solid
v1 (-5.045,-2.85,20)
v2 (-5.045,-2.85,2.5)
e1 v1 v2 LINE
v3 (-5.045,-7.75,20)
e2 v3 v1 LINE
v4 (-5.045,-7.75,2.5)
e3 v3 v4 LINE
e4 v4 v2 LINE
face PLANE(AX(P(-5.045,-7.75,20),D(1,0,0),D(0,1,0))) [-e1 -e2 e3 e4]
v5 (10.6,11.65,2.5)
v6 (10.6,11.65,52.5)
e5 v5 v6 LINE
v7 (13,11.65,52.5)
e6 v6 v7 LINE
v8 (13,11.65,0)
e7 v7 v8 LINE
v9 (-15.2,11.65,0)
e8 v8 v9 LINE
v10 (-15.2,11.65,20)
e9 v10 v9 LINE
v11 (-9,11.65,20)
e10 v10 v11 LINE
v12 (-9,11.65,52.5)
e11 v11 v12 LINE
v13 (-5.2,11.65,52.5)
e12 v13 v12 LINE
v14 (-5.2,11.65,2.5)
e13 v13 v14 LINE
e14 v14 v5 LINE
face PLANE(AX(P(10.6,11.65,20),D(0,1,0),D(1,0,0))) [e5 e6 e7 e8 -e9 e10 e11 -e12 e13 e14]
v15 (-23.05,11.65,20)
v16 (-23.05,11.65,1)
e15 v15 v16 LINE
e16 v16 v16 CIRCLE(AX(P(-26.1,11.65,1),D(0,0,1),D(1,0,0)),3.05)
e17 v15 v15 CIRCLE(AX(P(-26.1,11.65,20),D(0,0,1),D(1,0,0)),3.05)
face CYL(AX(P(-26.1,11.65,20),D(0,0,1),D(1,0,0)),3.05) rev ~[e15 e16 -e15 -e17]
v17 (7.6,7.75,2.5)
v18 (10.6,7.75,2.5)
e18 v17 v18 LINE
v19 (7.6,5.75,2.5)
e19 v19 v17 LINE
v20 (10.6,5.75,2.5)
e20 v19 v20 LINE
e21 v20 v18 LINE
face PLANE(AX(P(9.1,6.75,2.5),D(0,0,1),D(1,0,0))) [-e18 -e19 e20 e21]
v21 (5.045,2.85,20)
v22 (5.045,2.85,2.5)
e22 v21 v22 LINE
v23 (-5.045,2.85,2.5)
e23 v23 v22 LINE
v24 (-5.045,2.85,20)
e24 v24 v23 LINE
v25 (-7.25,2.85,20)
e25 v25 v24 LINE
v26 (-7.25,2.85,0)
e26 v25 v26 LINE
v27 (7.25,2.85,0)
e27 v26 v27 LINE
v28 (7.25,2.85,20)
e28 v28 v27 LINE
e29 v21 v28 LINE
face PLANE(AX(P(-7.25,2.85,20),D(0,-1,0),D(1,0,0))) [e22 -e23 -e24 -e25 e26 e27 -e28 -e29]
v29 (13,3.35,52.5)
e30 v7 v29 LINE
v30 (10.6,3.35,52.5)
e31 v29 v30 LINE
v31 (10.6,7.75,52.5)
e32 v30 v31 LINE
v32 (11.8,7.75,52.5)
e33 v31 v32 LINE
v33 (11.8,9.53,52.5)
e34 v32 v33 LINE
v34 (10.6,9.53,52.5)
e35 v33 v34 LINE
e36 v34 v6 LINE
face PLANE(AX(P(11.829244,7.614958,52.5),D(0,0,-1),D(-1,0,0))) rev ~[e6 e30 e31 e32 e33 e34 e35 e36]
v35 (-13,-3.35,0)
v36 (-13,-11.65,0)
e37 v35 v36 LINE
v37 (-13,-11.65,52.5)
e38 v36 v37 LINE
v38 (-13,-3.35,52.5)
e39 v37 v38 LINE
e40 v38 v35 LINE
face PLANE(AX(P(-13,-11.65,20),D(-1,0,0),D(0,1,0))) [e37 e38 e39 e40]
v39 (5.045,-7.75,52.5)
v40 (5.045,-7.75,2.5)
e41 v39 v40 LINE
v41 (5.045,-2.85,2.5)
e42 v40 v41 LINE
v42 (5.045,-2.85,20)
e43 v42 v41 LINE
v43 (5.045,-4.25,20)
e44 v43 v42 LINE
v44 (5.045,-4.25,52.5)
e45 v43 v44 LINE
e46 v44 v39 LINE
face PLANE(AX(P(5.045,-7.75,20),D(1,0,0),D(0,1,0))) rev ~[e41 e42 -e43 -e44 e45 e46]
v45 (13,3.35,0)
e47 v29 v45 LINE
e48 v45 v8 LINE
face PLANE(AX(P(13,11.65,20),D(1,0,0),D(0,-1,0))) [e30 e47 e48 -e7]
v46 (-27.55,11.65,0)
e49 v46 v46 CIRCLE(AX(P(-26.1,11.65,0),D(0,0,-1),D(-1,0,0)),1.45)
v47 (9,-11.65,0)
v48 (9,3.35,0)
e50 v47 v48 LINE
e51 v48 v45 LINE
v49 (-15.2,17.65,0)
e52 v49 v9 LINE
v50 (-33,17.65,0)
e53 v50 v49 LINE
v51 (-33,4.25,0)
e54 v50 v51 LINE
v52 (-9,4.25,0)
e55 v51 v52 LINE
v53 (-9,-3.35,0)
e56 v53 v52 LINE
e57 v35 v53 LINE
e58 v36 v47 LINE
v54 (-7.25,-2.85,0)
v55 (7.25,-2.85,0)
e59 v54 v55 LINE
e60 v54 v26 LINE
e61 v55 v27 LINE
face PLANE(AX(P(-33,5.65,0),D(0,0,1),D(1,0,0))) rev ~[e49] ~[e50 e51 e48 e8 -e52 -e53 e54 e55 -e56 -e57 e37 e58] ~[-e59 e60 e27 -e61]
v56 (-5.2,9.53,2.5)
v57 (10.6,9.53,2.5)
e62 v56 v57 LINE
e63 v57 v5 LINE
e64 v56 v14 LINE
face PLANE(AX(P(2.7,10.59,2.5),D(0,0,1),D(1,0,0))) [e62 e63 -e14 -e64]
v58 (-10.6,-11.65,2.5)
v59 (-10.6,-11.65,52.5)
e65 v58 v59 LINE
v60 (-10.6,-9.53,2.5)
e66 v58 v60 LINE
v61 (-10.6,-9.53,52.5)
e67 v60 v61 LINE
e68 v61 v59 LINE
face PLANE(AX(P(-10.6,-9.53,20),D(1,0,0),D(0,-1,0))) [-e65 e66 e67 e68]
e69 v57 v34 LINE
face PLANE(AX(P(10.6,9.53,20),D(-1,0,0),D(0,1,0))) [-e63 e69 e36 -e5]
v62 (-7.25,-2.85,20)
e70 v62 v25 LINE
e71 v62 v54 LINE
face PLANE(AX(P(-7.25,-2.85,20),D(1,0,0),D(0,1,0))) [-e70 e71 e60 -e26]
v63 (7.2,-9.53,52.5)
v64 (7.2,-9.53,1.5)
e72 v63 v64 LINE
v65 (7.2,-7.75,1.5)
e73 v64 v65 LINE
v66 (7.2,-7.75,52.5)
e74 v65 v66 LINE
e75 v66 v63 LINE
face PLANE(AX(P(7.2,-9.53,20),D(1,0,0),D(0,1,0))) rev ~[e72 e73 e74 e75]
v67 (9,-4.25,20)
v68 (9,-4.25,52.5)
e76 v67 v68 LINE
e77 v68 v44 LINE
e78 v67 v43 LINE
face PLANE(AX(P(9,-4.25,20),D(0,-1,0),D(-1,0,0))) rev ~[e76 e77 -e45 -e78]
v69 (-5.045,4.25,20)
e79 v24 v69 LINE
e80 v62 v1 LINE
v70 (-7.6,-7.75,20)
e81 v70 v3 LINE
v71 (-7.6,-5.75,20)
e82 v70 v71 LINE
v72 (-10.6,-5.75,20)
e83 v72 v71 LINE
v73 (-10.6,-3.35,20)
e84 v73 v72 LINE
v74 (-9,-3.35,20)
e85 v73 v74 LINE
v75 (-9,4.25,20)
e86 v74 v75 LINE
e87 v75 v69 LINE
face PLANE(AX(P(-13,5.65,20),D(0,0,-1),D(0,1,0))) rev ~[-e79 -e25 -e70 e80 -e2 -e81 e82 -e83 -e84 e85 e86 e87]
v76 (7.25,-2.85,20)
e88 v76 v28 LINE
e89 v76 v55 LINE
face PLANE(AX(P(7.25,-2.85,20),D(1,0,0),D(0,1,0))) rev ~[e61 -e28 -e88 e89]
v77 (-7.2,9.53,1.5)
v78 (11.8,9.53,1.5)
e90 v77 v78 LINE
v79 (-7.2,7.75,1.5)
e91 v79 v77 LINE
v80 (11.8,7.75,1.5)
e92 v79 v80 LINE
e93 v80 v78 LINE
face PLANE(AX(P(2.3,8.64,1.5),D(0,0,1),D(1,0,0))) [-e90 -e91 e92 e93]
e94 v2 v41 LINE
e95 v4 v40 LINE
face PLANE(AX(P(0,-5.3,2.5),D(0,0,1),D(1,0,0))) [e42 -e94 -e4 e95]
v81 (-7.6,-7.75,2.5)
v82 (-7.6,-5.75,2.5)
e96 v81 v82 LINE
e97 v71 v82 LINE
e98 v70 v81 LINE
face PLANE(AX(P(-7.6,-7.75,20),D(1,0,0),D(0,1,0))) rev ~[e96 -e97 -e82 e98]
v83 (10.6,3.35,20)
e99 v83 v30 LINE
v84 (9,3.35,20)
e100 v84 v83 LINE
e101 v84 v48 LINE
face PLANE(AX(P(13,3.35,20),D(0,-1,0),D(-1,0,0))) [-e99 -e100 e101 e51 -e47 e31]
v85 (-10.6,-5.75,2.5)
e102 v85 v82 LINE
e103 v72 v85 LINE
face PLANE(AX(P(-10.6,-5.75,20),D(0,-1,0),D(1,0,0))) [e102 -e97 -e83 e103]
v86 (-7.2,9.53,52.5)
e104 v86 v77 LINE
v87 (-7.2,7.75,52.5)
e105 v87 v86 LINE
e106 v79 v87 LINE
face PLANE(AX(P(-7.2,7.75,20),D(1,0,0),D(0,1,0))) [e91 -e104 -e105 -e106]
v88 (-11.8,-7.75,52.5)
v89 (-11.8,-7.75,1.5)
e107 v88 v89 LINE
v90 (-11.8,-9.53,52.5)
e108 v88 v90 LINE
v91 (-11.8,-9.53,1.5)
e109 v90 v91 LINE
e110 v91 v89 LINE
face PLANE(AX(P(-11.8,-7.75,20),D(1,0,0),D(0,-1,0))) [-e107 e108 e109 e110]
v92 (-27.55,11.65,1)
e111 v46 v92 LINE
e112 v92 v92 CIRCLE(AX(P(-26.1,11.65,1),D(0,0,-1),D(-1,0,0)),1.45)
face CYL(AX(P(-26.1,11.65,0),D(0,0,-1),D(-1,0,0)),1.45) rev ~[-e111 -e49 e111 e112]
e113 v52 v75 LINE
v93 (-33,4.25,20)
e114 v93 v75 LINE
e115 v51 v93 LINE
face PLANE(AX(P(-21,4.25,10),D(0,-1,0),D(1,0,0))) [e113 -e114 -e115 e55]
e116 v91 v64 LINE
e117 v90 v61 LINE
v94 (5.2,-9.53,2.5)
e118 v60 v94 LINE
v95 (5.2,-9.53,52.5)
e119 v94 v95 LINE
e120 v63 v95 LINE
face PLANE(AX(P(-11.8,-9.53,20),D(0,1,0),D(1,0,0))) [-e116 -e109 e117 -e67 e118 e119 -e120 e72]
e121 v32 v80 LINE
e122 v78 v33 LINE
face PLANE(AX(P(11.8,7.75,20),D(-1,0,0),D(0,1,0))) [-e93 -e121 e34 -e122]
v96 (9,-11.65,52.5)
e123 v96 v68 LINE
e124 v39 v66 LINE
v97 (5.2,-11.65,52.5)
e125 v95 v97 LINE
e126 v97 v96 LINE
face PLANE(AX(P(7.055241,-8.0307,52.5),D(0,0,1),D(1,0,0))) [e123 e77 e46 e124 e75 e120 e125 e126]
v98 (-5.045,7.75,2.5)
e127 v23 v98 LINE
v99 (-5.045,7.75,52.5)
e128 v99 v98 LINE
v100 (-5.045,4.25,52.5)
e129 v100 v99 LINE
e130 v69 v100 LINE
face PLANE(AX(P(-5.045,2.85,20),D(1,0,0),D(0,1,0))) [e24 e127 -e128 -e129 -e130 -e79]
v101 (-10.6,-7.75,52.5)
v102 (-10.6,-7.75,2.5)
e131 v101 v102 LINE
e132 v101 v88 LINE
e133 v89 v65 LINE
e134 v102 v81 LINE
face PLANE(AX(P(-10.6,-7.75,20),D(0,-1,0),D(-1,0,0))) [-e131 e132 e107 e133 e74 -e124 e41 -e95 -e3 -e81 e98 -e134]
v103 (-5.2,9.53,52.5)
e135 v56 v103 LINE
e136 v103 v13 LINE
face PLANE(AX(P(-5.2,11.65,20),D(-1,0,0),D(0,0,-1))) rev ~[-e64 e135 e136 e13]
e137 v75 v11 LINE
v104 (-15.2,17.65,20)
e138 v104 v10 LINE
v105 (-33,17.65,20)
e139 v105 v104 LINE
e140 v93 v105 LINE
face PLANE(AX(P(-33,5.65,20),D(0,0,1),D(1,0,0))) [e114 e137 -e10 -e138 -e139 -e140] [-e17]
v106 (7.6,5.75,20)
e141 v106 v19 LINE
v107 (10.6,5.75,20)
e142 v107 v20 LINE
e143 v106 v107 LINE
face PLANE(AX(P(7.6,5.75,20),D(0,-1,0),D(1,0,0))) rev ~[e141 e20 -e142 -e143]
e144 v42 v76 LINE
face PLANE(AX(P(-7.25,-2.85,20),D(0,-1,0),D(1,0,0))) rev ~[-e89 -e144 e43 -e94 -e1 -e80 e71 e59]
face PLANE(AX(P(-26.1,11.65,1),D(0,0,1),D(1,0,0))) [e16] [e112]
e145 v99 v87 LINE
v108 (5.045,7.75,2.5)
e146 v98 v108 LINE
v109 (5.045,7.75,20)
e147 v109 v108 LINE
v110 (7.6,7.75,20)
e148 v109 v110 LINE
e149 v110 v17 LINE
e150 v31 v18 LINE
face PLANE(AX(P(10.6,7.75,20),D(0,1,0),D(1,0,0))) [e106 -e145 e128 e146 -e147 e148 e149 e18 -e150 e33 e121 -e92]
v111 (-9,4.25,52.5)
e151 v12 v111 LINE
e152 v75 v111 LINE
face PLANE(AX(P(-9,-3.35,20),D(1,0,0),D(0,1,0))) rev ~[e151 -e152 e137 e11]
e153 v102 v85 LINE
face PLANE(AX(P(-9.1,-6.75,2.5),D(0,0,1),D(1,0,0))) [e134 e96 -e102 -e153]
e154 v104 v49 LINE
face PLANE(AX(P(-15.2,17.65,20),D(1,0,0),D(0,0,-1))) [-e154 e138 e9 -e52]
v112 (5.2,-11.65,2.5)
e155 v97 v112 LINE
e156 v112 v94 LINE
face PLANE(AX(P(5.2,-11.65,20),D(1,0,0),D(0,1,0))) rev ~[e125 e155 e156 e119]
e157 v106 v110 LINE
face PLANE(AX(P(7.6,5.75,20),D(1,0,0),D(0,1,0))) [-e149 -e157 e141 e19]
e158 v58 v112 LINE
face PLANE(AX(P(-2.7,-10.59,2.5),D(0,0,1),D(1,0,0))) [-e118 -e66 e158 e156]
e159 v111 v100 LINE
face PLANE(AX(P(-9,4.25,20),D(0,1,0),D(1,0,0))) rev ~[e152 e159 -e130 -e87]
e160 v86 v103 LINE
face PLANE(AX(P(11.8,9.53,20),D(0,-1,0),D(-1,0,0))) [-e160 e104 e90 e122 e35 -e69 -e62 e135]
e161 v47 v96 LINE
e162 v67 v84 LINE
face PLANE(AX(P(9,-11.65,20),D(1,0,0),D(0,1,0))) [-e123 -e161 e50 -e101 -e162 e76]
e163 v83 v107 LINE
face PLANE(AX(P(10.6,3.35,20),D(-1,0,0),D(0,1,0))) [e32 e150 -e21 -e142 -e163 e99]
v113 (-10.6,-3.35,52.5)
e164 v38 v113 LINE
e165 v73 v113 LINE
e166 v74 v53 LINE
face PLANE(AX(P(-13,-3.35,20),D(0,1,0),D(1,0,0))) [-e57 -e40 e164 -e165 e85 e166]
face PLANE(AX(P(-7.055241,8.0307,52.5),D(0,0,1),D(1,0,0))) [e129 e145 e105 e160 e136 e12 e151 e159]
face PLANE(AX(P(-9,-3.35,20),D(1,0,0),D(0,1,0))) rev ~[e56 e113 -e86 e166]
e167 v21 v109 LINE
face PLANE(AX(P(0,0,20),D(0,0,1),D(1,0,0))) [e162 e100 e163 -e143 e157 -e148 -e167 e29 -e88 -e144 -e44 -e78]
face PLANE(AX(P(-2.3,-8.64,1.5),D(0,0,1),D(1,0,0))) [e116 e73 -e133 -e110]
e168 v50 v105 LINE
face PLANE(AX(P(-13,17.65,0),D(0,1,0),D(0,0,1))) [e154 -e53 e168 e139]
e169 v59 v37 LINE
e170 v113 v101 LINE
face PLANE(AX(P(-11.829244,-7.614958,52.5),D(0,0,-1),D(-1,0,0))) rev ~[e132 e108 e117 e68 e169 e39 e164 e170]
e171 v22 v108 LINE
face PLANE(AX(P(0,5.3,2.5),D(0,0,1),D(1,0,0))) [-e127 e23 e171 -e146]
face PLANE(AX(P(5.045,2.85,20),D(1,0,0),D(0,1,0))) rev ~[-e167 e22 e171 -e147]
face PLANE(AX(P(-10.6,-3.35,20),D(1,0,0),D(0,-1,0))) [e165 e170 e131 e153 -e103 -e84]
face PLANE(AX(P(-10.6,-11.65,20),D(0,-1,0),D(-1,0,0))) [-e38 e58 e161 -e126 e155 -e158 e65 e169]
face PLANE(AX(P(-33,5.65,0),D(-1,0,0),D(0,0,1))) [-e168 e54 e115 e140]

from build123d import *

# Parameters (mm, degrees)
SKETCH2_W            = 26
SKETCH2_H            = 23.3
BOSS_EXTRUDE1_DEPTH  = 20
SKETCH3_W            = 14.5
SKETCH3_H            = 5.7
CUT_EXTRUDE1_DEPTH   = 20
SKETCH4_W            = 10.09
SKETCH4_H            = 4.9
CUT_EXTRUDE2_DEPTH   = 17.5
SKETCH5_W            = 10.09
SKETCH5_H            = 4.9
CUT_EXTRUDE3_DEPTH   = 17.5
SKETCH10_W           = 3
SKETCH10_H           = 2
CUT_EXTRUDE4_DEPTH   = 17.5
SKETCH11_W           = 3
SKETCH11_H           = 2
CUT_EXTRUDE5_DEPTH   = 17.5
SKETCH7_W            = 19
SKETCH7_H            = 1.78
CUT_EXTRUDE6_DEPTH   = 18.5
SKETCH6_W            = 19
SKETCH6_H            = 1.78
CUT_EXTRUDE7_DEPTH   = 18.5
SKETCH9_W            = 15.8
SKETCH9_H            = 2.12
CUT_EXTRUDE8_DEPTH   = 17.5
SKETCH12_W           = 15.8
SKETCH12_H           = 2.12
CUT_EXTRUDE9_DEPTH   = 17.5
SKETCH14_W           = 7.8
SKETCH14_H           = 20
BOSS_EXTRUDE2_DEPTH  = 6
SKETCH13_W           = 20
SKETCH13_H           = 12
BOSS_EXTRUDE3_DEPTH  = 20
SKETCH15_R           = 3.05
CUT_EXTRUDE10_DEPTH  = 19
SKETCH16_W           = 4
SKETCH16_H           = 15
CUT_EXTRUDE11_DEPTH  = 20
SKETCH18_W           = 4
SKETCH18_H           = 9
CUT_EXTRUDE12_DEPTH  = 20
BOSS_EXTRUDE8_DEPTH  = 32.5
BOSS_EXTRUDE9_DEPTH  = 32.5
SKETCH23_W           = 10
SKETCH23_H           = 20
CUT_EXTRUDE14_DEPTH  = 6
SKETCH24_W           = 24
SKETCH24_H           = 20
BOSS_EXTRUDE10_DEPTH = 1.4
SKETCH26_R           = 1.45
CUT_EXTRUDE15_DEPTH  = 10


with BuildPart() as part:
    # Sketch2 → Boss-Extrude1 (new body)
    with BuildSketch(Plane.XY):
        Rectangle(SKETCH2_W, SKETCH2_H)
    extrude(amount=BOSS_EXTRUDE1_DEPTH)

    # Sketch3 → Cut-Extrude1 (cut)
    with BuildSketch(Plane.XY.offset(20)):
        Rectangle(SKETCH3_W, SKETCH3_H)
    extrude(amount=-CUT_EXTRUDE1_DEPTH, mode=Mode.SUBTRACT)

    # Sketch4 → Cut-Extrude2 (cut)
    with BuildSketch(Plane.XY.offset(20)):
        with Locations((0, 5.3)):
            Rectangle(SKETCH4_W, SKETCH4_H)
    extrude(amount=-CUT_EXTRUDE2_DEPTH, mode=Mode.SUBTRACT)

    # Sketch5 → Cut-Extrude3 (cut)
    with BuildSketch(Plane.XY.offset(20)):
        with Locations((0, -5.3)):
            Rectangle(SKETCH5_W, SKETCH5_H)
    extrude(amount=-CUT_EXTRUDE3_DEPTH, mode=Mode.SUBTRACT)

    # Sketch10 → Cut-Extrude4 (cut)
    with BuildSketch(Plane.XY.offset(20)):
        with Locations((9.1, 6.75)):
            Rectangle(SKETCH10_W, SKETCH10_H)
    extrude(amount=-CUT_EXTRUDE4_DEPTH, mode=Mode.SUBTRACT)

    # Sketch11 → Cut-Extrude5 (cut)
    with BuildSketch(Plane.XY.offset(20)):
        with Locations((-9.1, -6.75)):
            Rectangle(SKETCH11_W, SKETCH11_H)
    extrude(amount=-CUT_EXTRUDE5_DEPTH, mode=Mode.SUBTRACT)

    # Sketch7 → Cut-Extrude6 (cut)
    with BuildSketch(Plane.XY.offset(20)):
        with Locations((-2.3, -8.64)):
            Rectangle(SKETCH7_W, SKETCH7_H)
    extrude(amount=-CUT_EXTRUDE6_DEPTH, mode=Mode.SUBTRACT)

    # Sketch6 → Cut-Extrude7 (cut)
    with BuildSketch(Plane.XY.offset(20)):
        with Locations((2.3, 8.64)):
            Rectangle(SKETCH6_W, SKETCH6_H)
    extrude(amount=-CUT_EXTRUDE7_DEPTH, mode=Mode.SUBTRACT)

    # Sketch9 → Cut-Extrude8 (cut)
    with BuildSketch(Plane.XY.offset(20)):
        with Locations((2.7, 10.59)):
            Rectangle(SKETCH9_W, SKETCH9_H)
    extrude(amount=-CUT_EXTRUDE8_DEPTH, mode=Mode.SUBTRACT)

    # Sketch12 → Cut-Extrude9 (cut)
    with BuildSketch(Plane.XY.offset(20)):
        with Locations((-2.7, -10.59)):
            Rectangle(SKETCH12_W, SKETCH12_H)
    extrude(amount=-CUT_EXTRUDE9_DEPTH, mode=Mode.SUBTRACT)

    # Sketch14 → Boss-Extrude2 (add)
    with BuildSketch(Plane(origin=(0, 11.65, 0), x_dir=(1, 0, 0), z_dir=(0, 1, 0))):
        with Locations((-9.1, -10)):
            Rectangle(SKETCH14_W, SKETCH14_H)
    extrude(amount=BOSS_EXTRUDE2_DEPTH)

    # Sketch13 → Boss-Extrude3 (add)
    with BuildSketch(Plane.ZY.offset(13)):
        with Locations((10, 11.65)):
            Rectangle(SKETCH13_W, SKETCH13_H)
    extrude(amount=BOSS_EXTRUDE3_DEPTH)

    # Sketch15 → Cut-Extrude10 (cut)
    with BuildSketch(Plane.XY.offset(20)):
        with Locations((-26.1, 11.65)):
            Circle(SKETCH15_R)
    extrude(amount=-CUT_EXTRUDE10_DEPTH, mode=Mode.SUBTRACT)

    # Sketch16 → Cut-Extrude11 (cut)
    with BuildSketch(Plane.XY.offset(20)):
        with Locations((11, -4.15)):
            Rectangle(SKETCH16_W, SKETCH16_H)
    extrude(amount=-CUT_EXTRUDE11_DEPTH, mode=Mode.SUBTRACT)

    # Sketch18 → Cut-Extrude12 (cut)
    with BuildSketch(Plane.XY.offset(20)):
        with Locations((-11, 1.15)):
            Rectangle(SKETCH18_W, SKETCH18_H)
    extrude(amount=-CUT_EXTRUDE12_DEPTH, mode=Mode.SUBTRACT)

    # Sketch21 → Boss-Extrude8 (add)
    with BuildSketch(Plane.XY.offset(20)):
        Polygon((-13, -11.65), (-13, -3.35), (-10.6, -3.35), (-10.6, -7.75), (-11.8, -7.75), (-11.8, -9.53), (-10.6, -9.53), (-10.6, -11.65), align=None)
        Polygon((5.2, -9.53), (5.2, -11.65), (9, -11.65), (9, -4.25), (5.045, -4.25), (5.045, -7.75), (7.2, -7.75), (7.2, -9.53), align=None)
    extrude(amount=BOSS_EXTRUDE8_DEPTH)

    # Sketch22 → Boss-Extrude9 (add)
    with BuildSketch(Plane.XY.offset(20)):
        Polygon((10.6, 11.65), (13, 11.65), (13, 3.35), (10.6, 3.35), (10.6, 7.75), (11.8, 7.75), (11.8, 9.53), (10.6, 9.53), align=None)
        Polygon((-5.2, 9.53), (-5.2, 11.65), (-9, 11.65), (-9, 4.25), (-5.045, 4.25), (-5.045, 7.75), (-7.2, 7.75), (-7.2, 9.53), align=None)
    extrude(amount=BOSS_EXTRUDE9_DEPTH)

    # Sketch23 → Cut-Extrude14 (cut)
    with BuildSketch(Plane(origin=(0, 17.65, 0), x_dir=(1, 0, 0), z_dir=(0, 1, 0))):
        with Locations((-10.2, -10)):
            Rectangle(SKETCH23_W, SKETCH23_H)
    extrude(amount=-CUT_EXTRUDE14_DEPTH, mode=Mode.SUBTRACT)

    # Sketch24 → Boss-Extrude10 (add)
    with BuildSketch(Plane.XZ.offset(-5.65)):
        with Locations((-21, 10)):
            Rectangle(SKETCH24_W, SKETCH24_H)
    extrude(amount=BOSS_EXTRUDE10_DEPTH)

    # Sketch26 → Cut-Extrude15 (cut)
    with BuildSketch(Plane(origin=(0, 0, 0), x_dir=(-1, 0, 0), z_dir=(0, 0, -1))):
        with Locations((26.1, 11.65)):
            Circle(SKETCH26_R)
    extrude(amount=-CUT_EXTRUDE15_DEPTH, mode=Mode.SUBTRACT)


solid = part.part
